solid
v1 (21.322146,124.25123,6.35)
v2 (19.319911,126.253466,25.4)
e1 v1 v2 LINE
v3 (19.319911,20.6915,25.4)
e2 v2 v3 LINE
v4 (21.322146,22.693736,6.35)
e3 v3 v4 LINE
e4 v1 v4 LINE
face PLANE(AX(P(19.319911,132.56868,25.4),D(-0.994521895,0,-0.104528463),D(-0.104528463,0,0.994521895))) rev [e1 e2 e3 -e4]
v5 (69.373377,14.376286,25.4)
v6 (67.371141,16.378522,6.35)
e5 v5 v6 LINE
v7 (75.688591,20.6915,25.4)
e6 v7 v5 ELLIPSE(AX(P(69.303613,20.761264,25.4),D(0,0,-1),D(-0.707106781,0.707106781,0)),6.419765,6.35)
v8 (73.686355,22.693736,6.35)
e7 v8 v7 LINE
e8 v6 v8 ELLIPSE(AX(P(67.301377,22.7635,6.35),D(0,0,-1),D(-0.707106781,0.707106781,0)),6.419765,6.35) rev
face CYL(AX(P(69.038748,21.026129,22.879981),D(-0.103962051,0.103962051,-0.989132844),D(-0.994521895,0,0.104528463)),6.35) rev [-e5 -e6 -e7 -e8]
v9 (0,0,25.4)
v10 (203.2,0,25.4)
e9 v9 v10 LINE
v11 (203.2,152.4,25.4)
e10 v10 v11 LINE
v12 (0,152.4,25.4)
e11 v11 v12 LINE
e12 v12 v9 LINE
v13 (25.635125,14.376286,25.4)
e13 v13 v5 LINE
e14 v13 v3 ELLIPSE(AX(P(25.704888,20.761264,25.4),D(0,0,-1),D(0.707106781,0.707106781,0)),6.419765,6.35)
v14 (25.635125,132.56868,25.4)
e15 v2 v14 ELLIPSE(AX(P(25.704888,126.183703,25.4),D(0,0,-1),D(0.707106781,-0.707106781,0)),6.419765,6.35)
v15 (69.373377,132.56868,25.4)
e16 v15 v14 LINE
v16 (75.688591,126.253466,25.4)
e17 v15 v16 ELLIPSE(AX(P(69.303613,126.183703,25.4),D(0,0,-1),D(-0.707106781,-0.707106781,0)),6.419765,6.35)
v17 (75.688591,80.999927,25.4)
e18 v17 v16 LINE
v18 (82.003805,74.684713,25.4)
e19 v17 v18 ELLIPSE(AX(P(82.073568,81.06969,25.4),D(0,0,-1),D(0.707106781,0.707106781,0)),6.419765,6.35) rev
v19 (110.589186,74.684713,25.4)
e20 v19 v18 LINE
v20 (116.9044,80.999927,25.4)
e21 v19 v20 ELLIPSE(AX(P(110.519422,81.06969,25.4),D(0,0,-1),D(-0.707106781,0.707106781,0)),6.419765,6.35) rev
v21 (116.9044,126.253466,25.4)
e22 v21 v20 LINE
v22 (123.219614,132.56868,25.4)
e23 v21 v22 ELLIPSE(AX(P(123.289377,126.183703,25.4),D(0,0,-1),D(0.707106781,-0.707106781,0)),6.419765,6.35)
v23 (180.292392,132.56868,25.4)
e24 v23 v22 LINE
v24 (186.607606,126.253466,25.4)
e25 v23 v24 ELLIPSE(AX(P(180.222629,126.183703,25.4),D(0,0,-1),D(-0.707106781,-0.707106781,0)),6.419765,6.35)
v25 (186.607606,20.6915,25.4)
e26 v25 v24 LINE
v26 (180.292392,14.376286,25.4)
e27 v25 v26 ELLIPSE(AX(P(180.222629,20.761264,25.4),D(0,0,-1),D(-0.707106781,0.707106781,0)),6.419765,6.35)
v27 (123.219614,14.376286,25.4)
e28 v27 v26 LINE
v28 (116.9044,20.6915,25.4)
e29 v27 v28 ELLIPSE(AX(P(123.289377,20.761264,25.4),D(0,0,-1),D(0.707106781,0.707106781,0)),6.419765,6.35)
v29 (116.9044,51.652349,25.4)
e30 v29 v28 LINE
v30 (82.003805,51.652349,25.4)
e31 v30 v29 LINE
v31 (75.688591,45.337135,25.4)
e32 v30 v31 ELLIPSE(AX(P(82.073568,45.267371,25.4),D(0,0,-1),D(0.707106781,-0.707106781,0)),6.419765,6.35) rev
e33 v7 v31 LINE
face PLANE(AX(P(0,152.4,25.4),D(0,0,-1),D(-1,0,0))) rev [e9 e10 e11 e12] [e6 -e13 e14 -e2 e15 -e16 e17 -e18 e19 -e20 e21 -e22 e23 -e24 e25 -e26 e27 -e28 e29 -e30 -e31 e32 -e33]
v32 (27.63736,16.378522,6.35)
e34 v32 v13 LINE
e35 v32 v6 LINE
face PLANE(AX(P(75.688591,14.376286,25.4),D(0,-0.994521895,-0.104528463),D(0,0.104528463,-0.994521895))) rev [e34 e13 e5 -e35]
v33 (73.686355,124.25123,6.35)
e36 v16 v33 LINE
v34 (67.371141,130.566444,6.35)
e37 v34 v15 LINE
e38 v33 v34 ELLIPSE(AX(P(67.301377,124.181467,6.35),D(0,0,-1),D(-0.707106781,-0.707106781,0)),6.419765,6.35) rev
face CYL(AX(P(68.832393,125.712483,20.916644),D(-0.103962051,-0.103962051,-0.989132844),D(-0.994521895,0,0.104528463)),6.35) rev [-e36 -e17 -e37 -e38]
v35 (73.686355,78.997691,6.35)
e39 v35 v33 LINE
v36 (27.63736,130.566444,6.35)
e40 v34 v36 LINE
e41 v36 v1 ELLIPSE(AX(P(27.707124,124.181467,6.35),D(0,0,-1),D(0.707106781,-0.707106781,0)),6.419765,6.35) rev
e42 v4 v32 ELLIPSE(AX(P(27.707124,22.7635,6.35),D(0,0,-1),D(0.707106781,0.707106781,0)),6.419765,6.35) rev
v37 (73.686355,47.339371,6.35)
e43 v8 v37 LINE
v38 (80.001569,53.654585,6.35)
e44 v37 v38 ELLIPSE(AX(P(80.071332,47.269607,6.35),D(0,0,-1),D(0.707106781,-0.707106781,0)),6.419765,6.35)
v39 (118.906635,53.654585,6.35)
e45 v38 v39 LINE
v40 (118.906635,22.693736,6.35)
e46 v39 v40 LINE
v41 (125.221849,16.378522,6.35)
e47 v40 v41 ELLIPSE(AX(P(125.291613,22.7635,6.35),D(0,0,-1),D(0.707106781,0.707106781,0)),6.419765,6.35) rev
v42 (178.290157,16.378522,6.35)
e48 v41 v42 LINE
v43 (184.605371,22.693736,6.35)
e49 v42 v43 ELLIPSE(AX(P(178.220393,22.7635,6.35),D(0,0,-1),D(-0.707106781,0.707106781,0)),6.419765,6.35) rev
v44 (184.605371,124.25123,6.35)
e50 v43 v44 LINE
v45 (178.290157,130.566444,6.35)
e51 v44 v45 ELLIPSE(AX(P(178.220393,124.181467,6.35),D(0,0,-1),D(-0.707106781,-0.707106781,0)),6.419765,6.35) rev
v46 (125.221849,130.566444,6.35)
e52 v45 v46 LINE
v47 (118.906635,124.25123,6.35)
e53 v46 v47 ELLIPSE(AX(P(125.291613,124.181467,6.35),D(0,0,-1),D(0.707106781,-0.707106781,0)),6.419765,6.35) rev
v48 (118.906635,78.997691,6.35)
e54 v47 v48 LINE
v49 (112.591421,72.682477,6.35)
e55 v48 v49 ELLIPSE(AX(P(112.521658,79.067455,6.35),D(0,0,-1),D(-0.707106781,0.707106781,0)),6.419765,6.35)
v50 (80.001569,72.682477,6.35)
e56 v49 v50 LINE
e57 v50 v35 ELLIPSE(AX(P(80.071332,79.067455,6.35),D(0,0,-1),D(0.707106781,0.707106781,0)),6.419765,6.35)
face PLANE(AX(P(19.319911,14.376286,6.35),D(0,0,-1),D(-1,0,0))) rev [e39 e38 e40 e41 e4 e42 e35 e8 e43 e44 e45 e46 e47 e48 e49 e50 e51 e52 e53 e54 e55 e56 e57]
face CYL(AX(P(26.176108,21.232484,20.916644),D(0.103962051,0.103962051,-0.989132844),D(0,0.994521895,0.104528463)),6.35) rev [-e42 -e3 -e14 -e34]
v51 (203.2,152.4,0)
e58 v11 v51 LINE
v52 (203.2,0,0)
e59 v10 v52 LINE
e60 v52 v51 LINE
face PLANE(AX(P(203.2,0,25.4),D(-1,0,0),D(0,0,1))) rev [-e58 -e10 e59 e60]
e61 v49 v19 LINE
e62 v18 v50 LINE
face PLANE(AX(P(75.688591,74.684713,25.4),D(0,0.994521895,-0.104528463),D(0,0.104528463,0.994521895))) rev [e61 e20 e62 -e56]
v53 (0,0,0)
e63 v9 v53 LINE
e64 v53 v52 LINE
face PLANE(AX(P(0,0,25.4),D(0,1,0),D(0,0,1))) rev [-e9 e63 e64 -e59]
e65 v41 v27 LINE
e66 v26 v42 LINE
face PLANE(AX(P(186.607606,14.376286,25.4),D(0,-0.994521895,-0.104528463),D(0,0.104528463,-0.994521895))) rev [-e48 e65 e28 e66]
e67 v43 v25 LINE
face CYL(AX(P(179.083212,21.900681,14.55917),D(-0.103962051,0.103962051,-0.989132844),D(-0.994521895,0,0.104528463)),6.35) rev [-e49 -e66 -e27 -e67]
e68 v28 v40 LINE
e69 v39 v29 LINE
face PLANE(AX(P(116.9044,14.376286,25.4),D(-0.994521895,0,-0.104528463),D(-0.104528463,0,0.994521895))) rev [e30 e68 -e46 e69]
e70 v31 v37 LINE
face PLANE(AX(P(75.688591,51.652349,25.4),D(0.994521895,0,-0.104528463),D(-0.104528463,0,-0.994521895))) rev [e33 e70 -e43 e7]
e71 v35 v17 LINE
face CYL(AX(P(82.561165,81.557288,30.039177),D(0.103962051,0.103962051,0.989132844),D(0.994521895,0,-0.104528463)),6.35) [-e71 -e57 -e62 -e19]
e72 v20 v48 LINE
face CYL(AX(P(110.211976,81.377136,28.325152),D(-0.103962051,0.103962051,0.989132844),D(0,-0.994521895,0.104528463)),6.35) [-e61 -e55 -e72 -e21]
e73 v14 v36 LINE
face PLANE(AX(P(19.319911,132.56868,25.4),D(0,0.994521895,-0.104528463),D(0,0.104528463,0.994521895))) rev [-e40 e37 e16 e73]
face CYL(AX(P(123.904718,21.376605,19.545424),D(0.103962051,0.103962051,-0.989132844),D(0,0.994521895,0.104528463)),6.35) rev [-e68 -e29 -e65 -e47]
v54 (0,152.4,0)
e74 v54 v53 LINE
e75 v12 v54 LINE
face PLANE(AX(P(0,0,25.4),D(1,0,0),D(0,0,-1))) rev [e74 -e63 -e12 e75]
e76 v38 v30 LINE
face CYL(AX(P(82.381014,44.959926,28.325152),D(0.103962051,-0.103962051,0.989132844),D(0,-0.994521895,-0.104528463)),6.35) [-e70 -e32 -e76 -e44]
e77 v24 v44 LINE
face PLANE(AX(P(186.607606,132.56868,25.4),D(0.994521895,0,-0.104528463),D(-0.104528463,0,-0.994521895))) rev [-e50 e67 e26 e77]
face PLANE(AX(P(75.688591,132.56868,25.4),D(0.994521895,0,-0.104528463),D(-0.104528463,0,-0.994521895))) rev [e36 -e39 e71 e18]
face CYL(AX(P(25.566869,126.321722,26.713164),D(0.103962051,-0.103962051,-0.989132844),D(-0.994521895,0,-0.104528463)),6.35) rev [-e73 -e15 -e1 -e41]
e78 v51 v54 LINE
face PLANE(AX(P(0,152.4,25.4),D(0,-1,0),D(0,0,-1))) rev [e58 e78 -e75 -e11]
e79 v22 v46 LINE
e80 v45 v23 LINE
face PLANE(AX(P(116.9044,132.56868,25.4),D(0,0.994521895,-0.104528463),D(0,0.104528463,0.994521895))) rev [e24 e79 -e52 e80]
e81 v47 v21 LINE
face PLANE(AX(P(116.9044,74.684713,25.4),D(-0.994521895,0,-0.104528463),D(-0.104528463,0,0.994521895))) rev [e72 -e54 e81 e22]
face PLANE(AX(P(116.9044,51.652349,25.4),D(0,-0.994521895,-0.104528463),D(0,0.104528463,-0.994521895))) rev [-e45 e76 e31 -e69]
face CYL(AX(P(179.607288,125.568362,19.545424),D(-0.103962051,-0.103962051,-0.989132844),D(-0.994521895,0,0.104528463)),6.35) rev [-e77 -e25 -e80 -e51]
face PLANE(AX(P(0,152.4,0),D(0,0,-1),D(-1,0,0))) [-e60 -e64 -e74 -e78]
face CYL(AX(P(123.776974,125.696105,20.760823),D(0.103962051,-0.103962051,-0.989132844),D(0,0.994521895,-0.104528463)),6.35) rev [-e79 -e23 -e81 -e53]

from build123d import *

# Parameters (mm, degrees)
SKETCH1_W          = 203.2
SKETCH1_H          = 152.4
EXTRUDE1_DEPTH     = 25.4
CUT_EXTRUDE1_DEPTH = 19.05
CUT_EXTRUDE1_DRAFT = -6
FILLET1_R          = 6.35


with BuildPart() as part:
    # Sketch1 → Extrude1 (new body)
    with BuildSketch(Plane.XY):
        with Locations((101.6, 76.2)):
            Rectangle(SKETCH1_W, SKETCH1_H)
    extrude(amount=EXTRUDE1_DEPTH)


with BuildPart() as cut_extrude1_tool:
    # Sketch2 → Cut-Extrude1 (with draft: the straight prism first)
    with BuildSketch(Plane.XY.offset(25.4)):
        Polygon((19.319910515, 132.568680089), (19.319910515, 14.376286353), (75.688590604, 14.376286353), (75.688590604, 51.652348993), (116.904399702, 51.652348993), (116.904399702, 14.376286353), (186.607606264, 14.376286353), (186.607606264, 132.568680089), (116.904399702, 132.568680089), (116.904399702, 74.684712901), (75.688590604, 74.684712901), (75.688590604, 132.568680089), align=None)
    extrude(amount=-CUT_EXTRUDE1_DEPTH)
    # Cut-Extrude1: the draft: its side faces are tilted about the plane it starts from
    cut_extrude1_sides = [cut_extrude1_tool.faces().sort_by_distance(p)[0] for p in [
        (19.319910515, 73.472483221, 15.875),
        (47.504250559, 14.376286353, 15.875),
        (75.688590604, 33.014317673, 15.875),
        (96.296495153, 51.652348993, 15.875),
        (116.904399702, 33.014317673, 15.875),
        (151.756002983, 14.376286353, 15.875),
        (186.607606264, 73.472483221, 15.875),
        (151.756002983, 132.568680089, 15.875),
        (116.904399702, 103.626696495, 15.875),
        (96.296495153, 74.684712901, 15.875),
        (75.688590604, 103.626696495, 15.875),
        (47.504250559, 132.568680089, 15.875),
    ]]
    draft(cut_extrude1_sides, Plane.XY.offset(25.4), CUT_EXTRUDE1_DRAFT)


with BuildPart() as part_1:
    add(part.part)

    # Cut-Extrude1: cut by cut_extrude1_tool
    add(cut_extrude1_tool.part, mode=Mode.SUBTRACT)

    # Fillet1
    fillet1_edges = [part_1.edges().sort_by_distance(p)[0] for p in [
        (20.321028355, 131.567562249, 15.875),
        (20.321028355, 15.377404194, 15.875),
        (74.687472763, 15.377404194, 15.875),
        (74.687472763, 52.653466834, 15.875),
        (117.905517543, 15.377404194, 15.875),
        (185.606488423, 15.377404194, 15.875),
        (185.606488423, 131.567562249, 15.875),
        (117.905517543, 131.567562249, 15.875),
        (117.905517543, 73.68359506, 15.875),
        (74.687472763, 73.68359506, 15.875),
        (74.687472763, 131.567562249, 15.875),
    ]]
    fillet(fillet1_edges, radius=FILLET1_R)


solid = part_1.part
